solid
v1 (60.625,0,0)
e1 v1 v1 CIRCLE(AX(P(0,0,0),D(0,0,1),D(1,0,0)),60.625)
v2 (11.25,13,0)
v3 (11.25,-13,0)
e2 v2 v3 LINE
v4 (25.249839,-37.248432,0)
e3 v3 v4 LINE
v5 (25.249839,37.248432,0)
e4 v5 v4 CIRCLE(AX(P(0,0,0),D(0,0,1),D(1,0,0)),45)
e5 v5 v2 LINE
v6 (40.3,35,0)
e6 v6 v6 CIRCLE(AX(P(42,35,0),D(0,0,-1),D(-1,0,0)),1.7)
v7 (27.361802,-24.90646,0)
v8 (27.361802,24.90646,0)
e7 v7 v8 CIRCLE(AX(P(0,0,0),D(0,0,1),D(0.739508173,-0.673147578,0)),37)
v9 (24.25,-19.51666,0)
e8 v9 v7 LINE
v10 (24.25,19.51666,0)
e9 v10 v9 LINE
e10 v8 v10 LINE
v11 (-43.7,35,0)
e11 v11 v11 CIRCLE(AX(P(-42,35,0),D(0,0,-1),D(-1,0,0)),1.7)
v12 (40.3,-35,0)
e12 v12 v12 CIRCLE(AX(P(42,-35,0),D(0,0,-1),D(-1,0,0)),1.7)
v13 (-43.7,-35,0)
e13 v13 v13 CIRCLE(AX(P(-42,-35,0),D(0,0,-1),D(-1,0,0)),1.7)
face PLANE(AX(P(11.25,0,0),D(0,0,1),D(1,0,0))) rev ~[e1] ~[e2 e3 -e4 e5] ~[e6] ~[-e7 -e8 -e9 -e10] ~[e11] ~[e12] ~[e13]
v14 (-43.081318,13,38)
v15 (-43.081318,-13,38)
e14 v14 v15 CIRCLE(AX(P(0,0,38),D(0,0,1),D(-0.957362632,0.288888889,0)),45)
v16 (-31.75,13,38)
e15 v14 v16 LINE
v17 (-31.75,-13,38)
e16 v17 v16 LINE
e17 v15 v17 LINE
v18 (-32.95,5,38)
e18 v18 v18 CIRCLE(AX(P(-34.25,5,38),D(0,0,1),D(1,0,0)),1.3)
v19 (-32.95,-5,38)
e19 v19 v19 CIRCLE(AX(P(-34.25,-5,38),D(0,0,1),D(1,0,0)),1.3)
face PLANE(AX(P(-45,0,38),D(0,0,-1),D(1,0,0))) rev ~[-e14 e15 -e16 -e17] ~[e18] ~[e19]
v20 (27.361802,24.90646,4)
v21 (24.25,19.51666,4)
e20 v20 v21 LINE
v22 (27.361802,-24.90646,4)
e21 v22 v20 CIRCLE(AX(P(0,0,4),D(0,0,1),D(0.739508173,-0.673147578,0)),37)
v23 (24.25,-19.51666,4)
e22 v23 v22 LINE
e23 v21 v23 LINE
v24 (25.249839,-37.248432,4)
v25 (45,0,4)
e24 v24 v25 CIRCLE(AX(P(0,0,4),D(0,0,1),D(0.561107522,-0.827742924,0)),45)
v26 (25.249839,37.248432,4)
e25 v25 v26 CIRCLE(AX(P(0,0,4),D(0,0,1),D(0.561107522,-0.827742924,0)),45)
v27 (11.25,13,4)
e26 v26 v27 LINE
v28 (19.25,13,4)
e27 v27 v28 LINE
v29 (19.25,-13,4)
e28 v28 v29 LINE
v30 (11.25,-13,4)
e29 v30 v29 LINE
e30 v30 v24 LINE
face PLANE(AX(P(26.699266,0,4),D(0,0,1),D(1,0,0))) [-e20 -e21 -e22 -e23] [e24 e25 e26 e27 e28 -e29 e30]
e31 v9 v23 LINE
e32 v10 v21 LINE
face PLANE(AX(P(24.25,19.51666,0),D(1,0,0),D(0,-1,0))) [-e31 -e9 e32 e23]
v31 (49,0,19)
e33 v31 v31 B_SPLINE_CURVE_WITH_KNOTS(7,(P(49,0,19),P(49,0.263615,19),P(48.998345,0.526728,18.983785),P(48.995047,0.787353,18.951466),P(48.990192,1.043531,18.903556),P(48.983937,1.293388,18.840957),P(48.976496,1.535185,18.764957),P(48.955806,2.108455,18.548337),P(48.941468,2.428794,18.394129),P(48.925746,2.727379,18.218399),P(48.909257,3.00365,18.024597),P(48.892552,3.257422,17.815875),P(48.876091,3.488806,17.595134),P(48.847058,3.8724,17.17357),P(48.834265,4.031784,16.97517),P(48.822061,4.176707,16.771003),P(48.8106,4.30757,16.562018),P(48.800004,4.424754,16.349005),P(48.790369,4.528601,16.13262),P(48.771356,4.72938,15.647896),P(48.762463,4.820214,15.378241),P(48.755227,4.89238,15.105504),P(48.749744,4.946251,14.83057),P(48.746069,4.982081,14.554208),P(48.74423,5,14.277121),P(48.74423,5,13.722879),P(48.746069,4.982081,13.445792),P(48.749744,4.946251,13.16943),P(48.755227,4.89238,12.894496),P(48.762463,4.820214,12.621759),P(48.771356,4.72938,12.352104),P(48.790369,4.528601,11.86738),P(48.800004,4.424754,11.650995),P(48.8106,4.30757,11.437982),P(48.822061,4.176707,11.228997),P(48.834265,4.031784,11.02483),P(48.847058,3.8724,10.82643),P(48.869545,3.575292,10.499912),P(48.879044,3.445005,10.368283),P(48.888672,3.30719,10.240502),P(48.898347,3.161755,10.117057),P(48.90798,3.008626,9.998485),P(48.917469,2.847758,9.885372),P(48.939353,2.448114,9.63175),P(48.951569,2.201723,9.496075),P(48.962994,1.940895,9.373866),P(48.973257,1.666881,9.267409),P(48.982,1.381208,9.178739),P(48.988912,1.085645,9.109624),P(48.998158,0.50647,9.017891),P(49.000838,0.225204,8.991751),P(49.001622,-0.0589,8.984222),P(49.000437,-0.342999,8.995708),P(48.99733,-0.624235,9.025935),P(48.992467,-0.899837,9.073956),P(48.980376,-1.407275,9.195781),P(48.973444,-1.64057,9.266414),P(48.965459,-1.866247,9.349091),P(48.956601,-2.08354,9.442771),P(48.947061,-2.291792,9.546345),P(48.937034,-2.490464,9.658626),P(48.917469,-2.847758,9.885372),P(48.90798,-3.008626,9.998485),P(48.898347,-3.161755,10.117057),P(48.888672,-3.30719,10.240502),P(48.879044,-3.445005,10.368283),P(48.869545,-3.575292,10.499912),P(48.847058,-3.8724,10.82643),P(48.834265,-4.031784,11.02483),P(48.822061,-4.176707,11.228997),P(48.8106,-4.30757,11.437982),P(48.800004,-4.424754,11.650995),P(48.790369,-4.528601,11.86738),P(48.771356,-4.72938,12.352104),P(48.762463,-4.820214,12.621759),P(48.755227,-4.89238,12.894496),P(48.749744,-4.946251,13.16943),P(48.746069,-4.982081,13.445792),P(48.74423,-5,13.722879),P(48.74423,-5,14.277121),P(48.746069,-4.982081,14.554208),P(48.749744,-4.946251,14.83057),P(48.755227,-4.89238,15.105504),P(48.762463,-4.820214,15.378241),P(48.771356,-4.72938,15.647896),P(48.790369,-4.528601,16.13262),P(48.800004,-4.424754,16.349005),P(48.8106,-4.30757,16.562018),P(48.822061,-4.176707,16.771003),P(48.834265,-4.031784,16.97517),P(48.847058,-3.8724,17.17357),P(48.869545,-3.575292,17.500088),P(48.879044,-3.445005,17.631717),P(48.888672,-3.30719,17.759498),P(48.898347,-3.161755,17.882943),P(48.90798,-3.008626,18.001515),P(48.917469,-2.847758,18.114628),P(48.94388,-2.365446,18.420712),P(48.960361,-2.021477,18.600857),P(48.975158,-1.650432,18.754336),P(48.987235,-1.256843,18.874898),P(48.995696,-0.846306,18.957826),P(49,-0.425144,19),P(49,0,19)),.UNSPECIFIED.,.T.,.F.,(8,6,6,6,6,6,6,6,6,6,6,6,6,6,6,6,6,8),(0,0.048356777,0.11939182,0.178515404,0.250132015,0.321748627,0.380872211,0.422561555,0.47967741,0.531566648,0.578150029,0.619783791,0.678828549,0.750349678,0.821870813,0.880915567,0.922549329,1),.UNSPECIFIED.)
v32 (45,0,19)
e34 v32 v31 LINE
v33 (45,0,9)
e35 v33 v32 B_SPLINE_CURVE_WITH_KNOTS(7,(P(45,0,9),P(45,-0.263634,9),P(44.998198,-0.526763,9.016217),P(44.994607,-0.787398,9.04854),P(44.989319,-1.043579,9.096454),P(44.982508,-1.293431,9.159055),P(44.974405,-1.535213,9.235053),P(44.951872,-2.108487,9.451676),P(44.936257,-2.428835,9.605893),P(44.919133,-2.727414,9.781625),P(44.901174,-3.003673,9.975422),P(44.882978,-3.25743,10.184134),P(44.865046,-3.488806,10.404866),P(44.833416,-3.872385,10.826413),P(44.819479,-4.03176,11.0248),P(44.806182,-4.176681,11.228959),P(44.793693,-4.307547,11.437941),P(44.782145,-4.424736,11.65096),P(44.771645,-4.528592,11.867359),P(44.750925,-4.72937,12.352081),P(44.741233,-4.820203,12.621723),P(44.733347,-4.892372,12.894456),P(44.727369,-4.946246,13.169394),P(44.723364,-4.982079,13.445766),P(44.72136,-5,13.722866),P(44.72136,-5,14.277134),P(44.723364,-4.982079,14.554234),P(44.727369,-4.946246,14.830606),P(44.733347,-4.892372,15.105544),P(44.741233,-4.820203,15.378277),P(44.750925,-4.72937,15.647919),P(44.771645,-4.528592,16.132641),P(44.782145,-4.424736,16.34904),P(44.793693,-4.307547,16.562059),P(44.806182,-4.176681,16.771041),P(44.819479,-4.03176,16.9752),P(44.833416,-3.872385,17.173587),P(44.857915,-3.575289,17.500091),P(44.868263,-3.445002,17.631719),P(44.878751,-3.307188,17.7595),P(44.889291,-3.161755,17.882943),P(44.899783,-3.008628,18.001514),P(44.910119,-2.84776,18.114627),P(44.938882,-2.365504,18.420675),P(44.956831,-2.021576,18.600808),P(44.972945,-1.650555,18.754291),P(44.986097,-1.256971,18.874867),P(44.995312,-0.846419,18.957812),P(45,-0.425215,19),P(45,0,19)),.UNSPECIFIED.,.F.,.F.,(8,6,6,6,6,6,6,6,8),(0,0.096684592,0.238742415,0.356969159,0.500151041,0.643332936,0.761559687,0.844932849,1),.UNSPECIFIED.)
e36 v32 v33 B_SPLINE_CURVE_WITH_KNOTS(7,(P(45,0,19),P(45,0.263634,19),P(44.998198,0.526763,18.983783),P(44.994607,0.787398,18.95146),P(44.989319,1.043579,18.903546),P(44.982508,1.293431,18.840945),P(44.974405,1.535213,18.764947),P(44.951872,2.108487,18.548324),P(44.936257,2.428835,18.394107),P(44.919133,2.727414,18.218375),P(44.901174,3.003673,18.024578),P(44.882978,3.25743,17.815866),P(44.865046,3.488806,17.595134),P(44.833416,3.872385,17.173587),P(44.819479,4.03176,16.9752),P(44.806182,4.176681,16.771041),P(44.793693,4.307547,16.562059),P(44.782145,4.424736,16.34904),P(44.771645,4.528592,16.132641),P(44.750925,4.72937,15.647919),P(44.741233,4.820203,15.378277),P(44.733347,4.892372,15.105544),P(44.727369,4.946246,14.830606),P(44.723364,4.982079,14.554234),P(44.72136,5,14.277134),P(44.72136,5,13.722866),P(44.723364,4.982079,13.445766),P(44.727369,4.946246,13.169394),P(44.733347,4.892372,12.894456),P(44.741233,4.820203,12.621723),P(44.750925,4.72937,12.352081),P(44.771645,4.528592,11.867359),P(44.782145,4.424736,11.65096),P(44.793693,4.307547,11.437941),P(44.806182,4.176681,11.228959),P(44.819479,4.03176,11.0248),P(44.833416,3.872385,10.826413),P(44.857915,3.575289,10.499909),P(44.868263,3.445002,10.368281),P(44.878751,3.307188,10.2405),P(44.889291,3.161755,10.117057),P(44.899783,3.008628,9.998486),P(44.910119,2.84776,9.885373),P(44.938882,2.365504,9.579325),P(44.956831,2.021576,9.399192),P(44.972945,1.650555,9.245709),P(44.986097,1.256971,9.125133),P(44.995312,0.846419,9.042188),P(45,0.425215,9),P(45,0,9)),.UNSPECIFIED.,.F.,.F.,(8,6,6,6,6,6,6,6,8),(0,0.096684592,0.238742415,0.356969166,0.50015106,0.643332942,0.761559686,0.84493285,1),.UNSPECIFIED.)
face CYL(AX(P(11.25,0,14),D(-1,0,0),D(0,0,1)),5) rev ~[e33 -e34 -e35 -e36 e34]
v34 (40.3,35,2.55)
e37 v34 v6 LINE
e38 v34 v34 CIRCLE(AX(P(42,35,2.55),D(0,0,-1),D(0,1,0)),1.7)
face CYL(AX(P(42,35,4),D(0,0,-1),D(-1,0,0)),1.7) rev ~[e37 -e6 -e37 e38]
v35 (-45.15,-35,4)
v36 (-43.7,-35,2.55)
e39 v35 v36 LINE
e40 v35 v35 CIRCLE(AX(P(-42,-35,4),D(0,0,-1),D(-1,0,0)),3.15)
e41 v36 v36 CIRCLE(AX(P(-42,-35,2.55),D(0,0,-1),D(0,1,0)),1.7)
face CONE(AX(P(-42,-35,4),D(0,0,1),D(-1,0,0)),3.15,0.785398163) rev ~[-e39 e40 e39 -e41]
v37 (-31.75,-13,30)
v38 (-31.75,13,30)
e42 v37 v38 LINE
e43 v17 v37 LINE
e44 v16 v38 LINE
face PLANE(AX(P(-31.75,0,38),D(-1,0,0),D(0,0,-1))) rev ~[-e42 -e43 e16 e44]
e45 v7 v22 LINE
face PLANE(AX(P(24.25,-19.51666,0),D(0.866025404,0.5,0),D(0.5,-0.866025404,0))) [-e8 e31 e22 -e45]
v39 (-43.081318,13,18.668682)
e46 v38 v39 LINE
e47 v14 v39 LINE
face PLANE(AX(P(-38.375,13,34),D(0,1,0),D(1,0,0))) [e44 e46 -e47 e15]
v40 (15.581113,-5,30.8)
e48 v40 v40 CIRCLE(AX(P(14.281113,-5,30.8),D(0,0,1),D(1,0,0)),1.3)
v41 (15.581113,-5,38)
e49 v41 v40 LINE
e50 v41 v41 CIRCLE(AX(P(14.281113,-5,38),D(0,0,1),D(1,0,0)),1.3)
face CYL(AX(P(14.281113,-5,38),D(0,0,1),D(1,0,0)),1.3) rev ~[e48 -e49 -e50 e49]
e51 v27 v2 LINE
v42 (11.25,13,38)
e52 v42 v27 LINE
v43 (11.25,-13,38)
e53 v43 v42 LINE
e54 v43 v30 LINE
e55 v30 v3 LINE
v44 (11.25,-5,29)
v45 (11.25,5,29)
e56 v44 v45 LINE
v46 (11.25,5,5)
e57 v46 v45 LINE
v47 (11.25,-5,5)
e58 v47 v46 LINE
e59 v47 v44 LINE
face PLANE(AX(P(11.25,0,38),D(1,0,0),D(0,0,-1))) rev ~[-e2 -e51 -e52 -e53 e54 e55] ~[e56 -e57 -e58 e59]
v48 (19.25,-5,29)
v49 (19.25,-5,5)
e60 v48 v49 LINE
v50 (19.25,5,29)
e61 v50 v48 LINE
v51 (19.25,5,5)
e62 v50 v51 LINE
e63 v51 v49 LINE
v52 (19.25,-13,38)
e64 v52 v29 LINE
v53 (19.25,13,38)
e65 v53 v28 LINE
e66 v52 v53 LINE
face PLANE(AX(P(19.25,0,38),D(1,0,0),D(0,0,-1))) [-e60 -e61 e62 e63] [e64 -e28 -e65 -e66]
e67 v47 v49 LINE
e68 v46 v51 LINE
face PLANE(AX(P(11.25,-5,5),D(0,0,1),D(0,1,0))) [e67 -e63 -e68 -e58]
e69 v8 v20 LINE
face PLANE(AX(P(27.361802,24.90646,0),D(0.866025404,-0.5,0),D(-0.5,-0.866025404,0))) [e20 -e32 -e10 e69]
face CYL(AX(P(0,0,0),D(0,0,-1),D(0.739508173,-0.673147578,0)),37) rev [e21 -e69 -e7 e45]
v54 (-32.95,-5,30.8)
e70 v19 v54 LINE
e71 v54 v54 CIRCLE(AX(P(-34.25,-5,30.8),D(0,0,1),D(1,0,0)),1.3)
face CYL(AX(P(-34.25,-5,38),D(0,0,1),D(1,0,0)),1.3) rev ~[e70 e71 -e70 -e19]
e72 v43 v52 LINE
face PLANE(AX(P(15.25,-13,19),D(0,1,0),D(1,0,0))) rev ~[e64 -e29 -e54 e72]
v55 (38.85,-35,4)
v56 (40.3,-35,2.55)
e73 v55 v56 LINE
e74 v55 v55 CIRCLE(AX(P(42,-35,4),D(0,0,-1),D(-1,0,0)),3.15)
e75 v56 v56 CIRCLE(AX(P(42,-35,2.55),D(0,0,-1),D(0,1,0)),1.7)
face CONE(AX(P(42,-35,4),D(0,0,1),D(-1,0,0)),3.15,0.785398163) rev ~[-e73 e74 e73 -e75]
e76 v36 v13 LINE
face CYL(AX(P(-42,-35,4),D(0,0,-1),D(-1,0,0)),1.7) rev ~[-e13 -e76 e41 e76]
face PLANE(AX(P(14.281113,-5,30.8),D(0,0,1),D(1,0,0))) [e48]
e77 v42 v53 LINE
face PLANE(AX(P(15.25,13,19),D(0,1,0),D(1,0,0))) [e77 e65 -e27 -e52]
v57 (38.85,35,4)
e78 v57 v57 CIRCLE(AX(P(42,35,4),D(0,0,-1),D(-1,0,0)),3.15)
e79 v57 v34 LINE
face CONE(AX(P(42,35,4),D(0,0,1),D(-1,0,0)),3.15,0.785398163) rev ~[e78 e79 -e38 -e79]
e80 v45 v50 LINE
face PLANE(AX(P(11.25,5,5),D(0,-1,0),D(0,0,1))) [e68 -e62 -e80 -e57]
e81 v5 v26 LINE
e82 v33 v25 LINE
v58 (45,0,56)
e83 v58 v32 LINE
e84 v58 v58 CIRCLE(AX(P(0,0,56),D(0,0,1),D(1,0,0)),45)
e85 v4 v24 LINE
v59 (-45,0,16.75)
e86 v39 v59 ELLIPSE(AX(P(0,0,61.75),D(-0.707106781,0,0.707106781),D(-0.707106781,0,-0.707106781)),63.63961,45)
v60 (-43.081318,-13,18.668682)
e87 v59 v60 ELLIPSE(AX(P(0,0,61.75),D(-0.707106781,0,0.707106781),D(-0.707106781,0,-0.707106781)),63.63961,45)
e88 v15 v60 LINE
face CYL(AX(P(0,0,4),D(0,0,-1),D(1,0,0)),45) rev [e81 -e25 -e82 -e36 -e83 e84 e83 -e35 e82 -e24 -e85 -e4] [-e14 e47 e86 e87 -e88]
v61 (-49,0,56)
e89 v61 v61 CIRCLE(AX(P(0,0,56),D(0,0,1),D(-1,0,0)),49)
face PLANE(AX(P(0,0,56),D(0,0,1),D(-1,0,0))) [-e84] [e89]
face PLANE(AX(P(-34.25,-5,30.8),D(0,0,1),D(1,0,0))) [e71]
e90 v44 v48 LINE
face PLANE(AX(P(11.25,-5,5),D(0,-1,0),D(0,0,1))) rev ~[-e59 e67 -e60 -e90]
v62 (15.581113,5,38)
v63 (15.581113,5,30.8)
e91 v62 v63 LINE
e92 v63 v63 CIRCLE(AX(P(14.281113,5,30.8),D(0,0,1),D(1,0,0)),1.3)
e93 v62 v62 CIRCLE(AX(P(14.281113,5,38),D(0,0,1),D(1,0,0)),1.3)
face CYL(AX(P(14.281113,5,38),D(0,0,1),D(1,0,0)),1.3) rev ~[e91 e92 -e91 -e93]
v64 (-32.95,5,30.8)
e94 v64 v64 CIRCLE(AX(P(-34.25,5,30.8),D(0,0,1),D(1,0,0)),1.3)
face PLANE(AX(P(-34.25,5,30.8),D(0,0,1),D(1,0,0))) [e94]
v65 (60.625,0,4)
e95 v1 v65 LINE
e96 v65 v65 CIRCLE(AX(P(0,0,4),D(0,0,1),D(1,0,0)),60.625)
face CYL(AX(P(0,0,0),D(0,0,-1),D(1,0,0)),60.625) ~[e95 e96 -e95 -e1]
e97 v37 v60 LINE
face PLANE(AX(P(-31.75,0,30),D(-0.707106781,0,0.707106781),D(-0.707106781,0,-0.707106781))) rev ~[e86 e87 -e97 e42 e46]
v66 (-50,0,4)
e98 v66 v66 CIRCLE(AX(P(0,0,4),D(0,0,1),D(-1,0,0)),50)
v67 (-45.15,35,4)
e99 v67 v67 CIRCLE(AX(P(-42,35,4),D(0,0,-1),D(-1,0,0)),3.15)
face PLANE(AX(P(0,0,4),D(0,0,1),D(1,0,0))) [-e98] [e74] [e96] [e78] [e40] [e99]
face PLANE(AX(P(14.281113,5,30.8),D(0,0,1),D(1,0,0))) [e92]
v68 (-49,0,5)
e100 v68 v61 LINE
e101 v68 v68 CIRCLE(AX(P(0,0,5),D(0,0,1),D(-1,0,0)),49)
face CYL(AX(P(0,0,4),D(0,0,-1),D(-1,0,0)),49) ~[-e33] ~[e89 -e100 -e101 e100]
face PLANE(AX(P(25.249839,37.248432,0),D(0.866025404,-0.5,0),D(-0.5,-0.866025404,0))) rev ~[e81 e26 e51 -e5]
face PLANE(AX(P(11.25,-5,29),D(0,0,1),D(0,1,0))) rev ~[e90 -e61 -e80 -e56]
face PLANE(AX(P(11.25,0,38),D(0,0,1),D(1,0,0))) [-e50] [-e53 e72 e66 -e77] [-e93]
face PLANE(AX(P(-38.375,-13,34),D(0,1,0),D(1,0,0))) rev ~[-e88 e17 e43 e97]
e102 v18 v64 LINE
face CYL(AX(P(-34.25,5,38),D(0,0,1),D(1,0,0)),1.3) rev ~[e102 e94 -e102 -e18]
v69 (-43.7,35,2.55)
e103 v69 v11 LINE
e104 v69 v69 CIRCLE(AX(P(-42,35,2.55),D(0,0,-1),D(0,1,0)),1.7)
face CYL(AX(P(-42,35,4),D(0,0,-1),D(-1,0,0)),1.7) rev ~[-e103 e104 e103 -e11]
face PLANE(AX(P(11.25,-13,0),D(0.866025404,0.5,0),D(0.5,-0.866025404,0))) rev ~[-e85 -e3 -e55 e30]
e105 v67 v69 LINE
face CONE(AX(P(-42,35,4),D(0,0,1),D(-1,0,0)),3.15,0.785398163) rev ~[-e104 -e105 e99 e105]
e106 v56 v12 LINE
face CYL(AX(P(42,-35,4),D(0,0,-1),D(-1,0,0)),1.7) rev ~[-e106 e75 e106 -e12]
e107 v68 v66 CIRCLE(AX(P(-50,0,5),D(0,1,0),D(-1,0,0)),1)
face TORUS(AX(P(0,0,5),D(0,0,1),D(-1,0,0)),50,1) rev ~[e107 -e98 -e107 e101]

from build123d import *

# Parameters (mm, degrees)
SKETCH1_R                                           = 60.625
SKETCH1_R_2                                         = 45
BOSS_EXTRUDE1_DEPTH                                 = 4
SKETCH2_R                                           = 49
SKETCH2_R_2                                         = 45
BOSS_EXTRUDE2_DEPTH                                 = 52
SKETCH3_W                                           = 13.25
SKETCH3_H                                           = 8
SKETCH3_W_2                                         = 8
SKETCH3_H_2                                         = 38
BOSS_EXTRUDE3_DEPTH                                 = 13
SKETCH4_W                                           = 24
SKETCH4_H                                           = 10
CUT_EXTRUDE1_DEPTH                                  = 26
SKETCH5_R                                           = 5
CUT_EXTRUDE2_DEPTH                                  = 74
SKETCH6_R                                           = 1.3
CUT_EXTRUDE3_DEPTH                                  = 7.2
BOSS_EXTRUDE4_DEPTH                                 = 4
CSK_FOR_M3_COUNTERSUNK_FLAT_HEAD_SCREW1_D           = 3.4
CSK_FOR_M3_COUNTERSUNK_FLAT_HEAD_SCREW1_DEPTH       = 4
CSK_FOR_M3_COUNTERSUNK_FLAT_HEAD_SCREW1_CSINK_D     = 6.3
CSK_FOR_M3_COUNTERSUNK_FLAT_HEAD_SCREW1_CSINK_ANGLE = 90
CSK_FOR_M3_COUNTERSUNK_FLAT_HEAD_SCREW1_TIP         = 1.021463052
FILLET1_R                                           = 1


with BuildPart() as part:
    # Sketch1 → Boss-Extrude1 (new body)
    with BuildSketch(Plane.XY):
        Circle(SKETCH1_R)
        Circle(SKETCH1_R_2, mode=Mode.SUBTRACT)
    extrude(amount=BOSS_EXTRUDE1_DEPTH)

    # Sketch2 → Boss-Extrude2 (add)
    with BuildSketch(Plane.XY.offset(4)):
        with Locations(Location((0, 0, 0), (0, 0, 180))):
            Circle(SKETCH2_R)
        Circle(SKETCH2_R_2, mode=Mode.SUBTRACT)
    extrude(amount=BOSS_EXTRUDE2_DEPTH)

    # Sketch3 → Boss-Extrude3 (add, symmetric)
    with BuildSketch(Plane(origin=(0, 0, 0), x_dir=(1, 0, 0), z_dir=(0, 1, 0))):
        with Locations((-38.375, -34)):
            Rectangle(SKETCH3_W, SKETCH3_H)
        Polygon((-45, -16.75), (-45, -30), (-31.75, -30), align=None)
        with Locations((15.25, -19)):
            Rectangle(SKETCH3_W_2, SKETCH3_H_2)
    extrude(amount=BOSS_EXTRUDE3_DEPTH, both=True)


with BuildPart() as boss_extrude3_piece_1:
    # of the separate pieces the step leaves, piece 1, a body of its own (boss_extrude3_pieces)
    add(part.part.solids().sort_by_distance((60.625, 0, 0))[0])

    # Sketch5 → Cut-Extrude2 (cut)
    with BuildSketch(Plane.ZY.offset(-11.25)):
        with Locations((14, 0)):
            Circle(SKETCH5_R)
    extrude(amount=-CUT_EXTRUDE2_DEPTH, mode=Mode.SUBTRACT)


with BuildPart() as boss_extrude3_piece_2:
    # of the separate pieces the step leaves, piece 2, a body of its own (boss_extrude3_pieces)
    add(part.part.solids().sort_by_distance((19.25, -13, 0))[0])

    # Sketch4 → Cut-Extrude1 (cut)
    with BuildSketch(Plane.ZY.offset(-11.25)):
        with Locations((17, 0)):
            Rectangle(SKETCH4_W, SKETCH4_H)
    extrude(amount=-CUT_EXTRUDE1_DEPTH, mode=Mode.SUBTRACT)


with BuildPart() as cut_extrude3_tool:
    # Sketch6 → Cut-Extrude3 (new body)
    with BuildSketch(Plane.XY.offset(38)):
        with Locations((-34.25, 5)):
            Circle(SKETCH6_R)
        with Locations((-34.25, -5)):
            Circle(SKETCH6_R)
        with Locations((14.281113412, 5)):
            Circle(SKETCH6_R)
        with Locations((14.281113412, -5)):
            Circle(SKETCH6_R)
    extrude(amount=-CUT_EXTRUDE3_DEPTH)


with BuildPart() as boss_extrude3_piece_1_1:
    add(boss_extrude3_piece_1.part)

    # Cut-Extrude3: cut by cut_extrude3_tool
    add(cut_extrude3_tool.part, mode=Mode.SUBTRACT)



with BuildPart() as boss_extrude3_piece_2_1:
    add(boss_extrude3_piece_2.part)

    # Cut-Extrude3: cut by cut_extrude3_tool
    add(cut_extrude3_tool.part, mode=Mode.SUBTRACT)


with BuildPart() as boss_extrude3_piece_1_2:
    add(boss_extrude3_piece_1_1.part)

    add(boss_extrude3_piece_2_1.part)  # Boss-Extrude4 merges Boss-Extrude3 piece 2
    # Sketch8 → Boss-Extrude4 (add)
    with BuildSketch(Plane(origin=(0, 0, 0), x_dir=(-1, 0, 0), z_dir=(0, 0, -1))):
        with BuildLine():
            Line((-11.25, 13), (-11.25, -13))
            Line((-11.25, -13), (-25.249838503, -37.248431585))
            ThreePointArc((-25.249838503, -37.248431585), (-45, 0), (-25.249838503, 37.248431585))
            Line((-25.249838503, 37.248431585), (-11.25, 13))
        make_face()
        with BuildLine():
            Line((-24.25, -19.516660498), (-27.361802413, -24.906460381))
            ThreePointArc((-27.361802413, -24.906460381), (-37, 0), (-27.361802413, 24.906460381))
            Line((-27.361802413, 24.906460381), (-24.25, 19.516660498))
            Line((-24.25, 19.516660498), (-24.25, -19.516660498))
        make_face(mode=Mode.SUBTRACT)
    extrude(amount=-BOSS_EXTRUDE4_DEPTH)

    # CSK for M3 Countersunk Flat Head Screw1
    with Locations(Plane.XY.offset(4)):
        with Locations((-42, -35), (42, -35), (42, 35), (-42, 35)):
            CounterSinkHole(CSK_FOR_M3_COUNTERSUNK_FLAT_HEAD_SCREW1_D / 2, CSK_FOR_M3_COUNTERSUNK_FLAT_HEAD_SCREW1_CSINK_D / 2, depth=CSK_FOR_M3_COUNTERSUNK_FLAT_HEAD_SCREW1_DEPTH, counter_sink_angle=CSK_FOR_M3_COUNTERSUNK_FLAT_HEAD_SCREW1_CSINK_ANGLE)
            with Locations((0, 0, -(CSK_FOR_M3_COUNTERSUNK_FLAT_HEAD_SCREW1_DEPTH + CSK_FOR_M3_COUNTERSUNK_FLAT_HEAD_SCREW1_TIP / 2))):  # 118° drill point
                Cone(0, CSK_FOR_M3_COUNTERSUNK_FLAT_HEAD_SCREW1_D / 2, CSK_FOR_M3_COUNTERSUNK_FLAT_HEAD_SCREW1_TIP, mode=Mode.SUBTRACT)

    # Fillet1
    fillet1_edges = [boss_extrude3_piece_1_2.edges().sort_by_distance(p)[0] for p in [
        (49, 0, 4),
    ]]
    fillet(fillet1_edges, radius=FILLET1_R)


solid = boss_extrude3_piece_1_2.part
